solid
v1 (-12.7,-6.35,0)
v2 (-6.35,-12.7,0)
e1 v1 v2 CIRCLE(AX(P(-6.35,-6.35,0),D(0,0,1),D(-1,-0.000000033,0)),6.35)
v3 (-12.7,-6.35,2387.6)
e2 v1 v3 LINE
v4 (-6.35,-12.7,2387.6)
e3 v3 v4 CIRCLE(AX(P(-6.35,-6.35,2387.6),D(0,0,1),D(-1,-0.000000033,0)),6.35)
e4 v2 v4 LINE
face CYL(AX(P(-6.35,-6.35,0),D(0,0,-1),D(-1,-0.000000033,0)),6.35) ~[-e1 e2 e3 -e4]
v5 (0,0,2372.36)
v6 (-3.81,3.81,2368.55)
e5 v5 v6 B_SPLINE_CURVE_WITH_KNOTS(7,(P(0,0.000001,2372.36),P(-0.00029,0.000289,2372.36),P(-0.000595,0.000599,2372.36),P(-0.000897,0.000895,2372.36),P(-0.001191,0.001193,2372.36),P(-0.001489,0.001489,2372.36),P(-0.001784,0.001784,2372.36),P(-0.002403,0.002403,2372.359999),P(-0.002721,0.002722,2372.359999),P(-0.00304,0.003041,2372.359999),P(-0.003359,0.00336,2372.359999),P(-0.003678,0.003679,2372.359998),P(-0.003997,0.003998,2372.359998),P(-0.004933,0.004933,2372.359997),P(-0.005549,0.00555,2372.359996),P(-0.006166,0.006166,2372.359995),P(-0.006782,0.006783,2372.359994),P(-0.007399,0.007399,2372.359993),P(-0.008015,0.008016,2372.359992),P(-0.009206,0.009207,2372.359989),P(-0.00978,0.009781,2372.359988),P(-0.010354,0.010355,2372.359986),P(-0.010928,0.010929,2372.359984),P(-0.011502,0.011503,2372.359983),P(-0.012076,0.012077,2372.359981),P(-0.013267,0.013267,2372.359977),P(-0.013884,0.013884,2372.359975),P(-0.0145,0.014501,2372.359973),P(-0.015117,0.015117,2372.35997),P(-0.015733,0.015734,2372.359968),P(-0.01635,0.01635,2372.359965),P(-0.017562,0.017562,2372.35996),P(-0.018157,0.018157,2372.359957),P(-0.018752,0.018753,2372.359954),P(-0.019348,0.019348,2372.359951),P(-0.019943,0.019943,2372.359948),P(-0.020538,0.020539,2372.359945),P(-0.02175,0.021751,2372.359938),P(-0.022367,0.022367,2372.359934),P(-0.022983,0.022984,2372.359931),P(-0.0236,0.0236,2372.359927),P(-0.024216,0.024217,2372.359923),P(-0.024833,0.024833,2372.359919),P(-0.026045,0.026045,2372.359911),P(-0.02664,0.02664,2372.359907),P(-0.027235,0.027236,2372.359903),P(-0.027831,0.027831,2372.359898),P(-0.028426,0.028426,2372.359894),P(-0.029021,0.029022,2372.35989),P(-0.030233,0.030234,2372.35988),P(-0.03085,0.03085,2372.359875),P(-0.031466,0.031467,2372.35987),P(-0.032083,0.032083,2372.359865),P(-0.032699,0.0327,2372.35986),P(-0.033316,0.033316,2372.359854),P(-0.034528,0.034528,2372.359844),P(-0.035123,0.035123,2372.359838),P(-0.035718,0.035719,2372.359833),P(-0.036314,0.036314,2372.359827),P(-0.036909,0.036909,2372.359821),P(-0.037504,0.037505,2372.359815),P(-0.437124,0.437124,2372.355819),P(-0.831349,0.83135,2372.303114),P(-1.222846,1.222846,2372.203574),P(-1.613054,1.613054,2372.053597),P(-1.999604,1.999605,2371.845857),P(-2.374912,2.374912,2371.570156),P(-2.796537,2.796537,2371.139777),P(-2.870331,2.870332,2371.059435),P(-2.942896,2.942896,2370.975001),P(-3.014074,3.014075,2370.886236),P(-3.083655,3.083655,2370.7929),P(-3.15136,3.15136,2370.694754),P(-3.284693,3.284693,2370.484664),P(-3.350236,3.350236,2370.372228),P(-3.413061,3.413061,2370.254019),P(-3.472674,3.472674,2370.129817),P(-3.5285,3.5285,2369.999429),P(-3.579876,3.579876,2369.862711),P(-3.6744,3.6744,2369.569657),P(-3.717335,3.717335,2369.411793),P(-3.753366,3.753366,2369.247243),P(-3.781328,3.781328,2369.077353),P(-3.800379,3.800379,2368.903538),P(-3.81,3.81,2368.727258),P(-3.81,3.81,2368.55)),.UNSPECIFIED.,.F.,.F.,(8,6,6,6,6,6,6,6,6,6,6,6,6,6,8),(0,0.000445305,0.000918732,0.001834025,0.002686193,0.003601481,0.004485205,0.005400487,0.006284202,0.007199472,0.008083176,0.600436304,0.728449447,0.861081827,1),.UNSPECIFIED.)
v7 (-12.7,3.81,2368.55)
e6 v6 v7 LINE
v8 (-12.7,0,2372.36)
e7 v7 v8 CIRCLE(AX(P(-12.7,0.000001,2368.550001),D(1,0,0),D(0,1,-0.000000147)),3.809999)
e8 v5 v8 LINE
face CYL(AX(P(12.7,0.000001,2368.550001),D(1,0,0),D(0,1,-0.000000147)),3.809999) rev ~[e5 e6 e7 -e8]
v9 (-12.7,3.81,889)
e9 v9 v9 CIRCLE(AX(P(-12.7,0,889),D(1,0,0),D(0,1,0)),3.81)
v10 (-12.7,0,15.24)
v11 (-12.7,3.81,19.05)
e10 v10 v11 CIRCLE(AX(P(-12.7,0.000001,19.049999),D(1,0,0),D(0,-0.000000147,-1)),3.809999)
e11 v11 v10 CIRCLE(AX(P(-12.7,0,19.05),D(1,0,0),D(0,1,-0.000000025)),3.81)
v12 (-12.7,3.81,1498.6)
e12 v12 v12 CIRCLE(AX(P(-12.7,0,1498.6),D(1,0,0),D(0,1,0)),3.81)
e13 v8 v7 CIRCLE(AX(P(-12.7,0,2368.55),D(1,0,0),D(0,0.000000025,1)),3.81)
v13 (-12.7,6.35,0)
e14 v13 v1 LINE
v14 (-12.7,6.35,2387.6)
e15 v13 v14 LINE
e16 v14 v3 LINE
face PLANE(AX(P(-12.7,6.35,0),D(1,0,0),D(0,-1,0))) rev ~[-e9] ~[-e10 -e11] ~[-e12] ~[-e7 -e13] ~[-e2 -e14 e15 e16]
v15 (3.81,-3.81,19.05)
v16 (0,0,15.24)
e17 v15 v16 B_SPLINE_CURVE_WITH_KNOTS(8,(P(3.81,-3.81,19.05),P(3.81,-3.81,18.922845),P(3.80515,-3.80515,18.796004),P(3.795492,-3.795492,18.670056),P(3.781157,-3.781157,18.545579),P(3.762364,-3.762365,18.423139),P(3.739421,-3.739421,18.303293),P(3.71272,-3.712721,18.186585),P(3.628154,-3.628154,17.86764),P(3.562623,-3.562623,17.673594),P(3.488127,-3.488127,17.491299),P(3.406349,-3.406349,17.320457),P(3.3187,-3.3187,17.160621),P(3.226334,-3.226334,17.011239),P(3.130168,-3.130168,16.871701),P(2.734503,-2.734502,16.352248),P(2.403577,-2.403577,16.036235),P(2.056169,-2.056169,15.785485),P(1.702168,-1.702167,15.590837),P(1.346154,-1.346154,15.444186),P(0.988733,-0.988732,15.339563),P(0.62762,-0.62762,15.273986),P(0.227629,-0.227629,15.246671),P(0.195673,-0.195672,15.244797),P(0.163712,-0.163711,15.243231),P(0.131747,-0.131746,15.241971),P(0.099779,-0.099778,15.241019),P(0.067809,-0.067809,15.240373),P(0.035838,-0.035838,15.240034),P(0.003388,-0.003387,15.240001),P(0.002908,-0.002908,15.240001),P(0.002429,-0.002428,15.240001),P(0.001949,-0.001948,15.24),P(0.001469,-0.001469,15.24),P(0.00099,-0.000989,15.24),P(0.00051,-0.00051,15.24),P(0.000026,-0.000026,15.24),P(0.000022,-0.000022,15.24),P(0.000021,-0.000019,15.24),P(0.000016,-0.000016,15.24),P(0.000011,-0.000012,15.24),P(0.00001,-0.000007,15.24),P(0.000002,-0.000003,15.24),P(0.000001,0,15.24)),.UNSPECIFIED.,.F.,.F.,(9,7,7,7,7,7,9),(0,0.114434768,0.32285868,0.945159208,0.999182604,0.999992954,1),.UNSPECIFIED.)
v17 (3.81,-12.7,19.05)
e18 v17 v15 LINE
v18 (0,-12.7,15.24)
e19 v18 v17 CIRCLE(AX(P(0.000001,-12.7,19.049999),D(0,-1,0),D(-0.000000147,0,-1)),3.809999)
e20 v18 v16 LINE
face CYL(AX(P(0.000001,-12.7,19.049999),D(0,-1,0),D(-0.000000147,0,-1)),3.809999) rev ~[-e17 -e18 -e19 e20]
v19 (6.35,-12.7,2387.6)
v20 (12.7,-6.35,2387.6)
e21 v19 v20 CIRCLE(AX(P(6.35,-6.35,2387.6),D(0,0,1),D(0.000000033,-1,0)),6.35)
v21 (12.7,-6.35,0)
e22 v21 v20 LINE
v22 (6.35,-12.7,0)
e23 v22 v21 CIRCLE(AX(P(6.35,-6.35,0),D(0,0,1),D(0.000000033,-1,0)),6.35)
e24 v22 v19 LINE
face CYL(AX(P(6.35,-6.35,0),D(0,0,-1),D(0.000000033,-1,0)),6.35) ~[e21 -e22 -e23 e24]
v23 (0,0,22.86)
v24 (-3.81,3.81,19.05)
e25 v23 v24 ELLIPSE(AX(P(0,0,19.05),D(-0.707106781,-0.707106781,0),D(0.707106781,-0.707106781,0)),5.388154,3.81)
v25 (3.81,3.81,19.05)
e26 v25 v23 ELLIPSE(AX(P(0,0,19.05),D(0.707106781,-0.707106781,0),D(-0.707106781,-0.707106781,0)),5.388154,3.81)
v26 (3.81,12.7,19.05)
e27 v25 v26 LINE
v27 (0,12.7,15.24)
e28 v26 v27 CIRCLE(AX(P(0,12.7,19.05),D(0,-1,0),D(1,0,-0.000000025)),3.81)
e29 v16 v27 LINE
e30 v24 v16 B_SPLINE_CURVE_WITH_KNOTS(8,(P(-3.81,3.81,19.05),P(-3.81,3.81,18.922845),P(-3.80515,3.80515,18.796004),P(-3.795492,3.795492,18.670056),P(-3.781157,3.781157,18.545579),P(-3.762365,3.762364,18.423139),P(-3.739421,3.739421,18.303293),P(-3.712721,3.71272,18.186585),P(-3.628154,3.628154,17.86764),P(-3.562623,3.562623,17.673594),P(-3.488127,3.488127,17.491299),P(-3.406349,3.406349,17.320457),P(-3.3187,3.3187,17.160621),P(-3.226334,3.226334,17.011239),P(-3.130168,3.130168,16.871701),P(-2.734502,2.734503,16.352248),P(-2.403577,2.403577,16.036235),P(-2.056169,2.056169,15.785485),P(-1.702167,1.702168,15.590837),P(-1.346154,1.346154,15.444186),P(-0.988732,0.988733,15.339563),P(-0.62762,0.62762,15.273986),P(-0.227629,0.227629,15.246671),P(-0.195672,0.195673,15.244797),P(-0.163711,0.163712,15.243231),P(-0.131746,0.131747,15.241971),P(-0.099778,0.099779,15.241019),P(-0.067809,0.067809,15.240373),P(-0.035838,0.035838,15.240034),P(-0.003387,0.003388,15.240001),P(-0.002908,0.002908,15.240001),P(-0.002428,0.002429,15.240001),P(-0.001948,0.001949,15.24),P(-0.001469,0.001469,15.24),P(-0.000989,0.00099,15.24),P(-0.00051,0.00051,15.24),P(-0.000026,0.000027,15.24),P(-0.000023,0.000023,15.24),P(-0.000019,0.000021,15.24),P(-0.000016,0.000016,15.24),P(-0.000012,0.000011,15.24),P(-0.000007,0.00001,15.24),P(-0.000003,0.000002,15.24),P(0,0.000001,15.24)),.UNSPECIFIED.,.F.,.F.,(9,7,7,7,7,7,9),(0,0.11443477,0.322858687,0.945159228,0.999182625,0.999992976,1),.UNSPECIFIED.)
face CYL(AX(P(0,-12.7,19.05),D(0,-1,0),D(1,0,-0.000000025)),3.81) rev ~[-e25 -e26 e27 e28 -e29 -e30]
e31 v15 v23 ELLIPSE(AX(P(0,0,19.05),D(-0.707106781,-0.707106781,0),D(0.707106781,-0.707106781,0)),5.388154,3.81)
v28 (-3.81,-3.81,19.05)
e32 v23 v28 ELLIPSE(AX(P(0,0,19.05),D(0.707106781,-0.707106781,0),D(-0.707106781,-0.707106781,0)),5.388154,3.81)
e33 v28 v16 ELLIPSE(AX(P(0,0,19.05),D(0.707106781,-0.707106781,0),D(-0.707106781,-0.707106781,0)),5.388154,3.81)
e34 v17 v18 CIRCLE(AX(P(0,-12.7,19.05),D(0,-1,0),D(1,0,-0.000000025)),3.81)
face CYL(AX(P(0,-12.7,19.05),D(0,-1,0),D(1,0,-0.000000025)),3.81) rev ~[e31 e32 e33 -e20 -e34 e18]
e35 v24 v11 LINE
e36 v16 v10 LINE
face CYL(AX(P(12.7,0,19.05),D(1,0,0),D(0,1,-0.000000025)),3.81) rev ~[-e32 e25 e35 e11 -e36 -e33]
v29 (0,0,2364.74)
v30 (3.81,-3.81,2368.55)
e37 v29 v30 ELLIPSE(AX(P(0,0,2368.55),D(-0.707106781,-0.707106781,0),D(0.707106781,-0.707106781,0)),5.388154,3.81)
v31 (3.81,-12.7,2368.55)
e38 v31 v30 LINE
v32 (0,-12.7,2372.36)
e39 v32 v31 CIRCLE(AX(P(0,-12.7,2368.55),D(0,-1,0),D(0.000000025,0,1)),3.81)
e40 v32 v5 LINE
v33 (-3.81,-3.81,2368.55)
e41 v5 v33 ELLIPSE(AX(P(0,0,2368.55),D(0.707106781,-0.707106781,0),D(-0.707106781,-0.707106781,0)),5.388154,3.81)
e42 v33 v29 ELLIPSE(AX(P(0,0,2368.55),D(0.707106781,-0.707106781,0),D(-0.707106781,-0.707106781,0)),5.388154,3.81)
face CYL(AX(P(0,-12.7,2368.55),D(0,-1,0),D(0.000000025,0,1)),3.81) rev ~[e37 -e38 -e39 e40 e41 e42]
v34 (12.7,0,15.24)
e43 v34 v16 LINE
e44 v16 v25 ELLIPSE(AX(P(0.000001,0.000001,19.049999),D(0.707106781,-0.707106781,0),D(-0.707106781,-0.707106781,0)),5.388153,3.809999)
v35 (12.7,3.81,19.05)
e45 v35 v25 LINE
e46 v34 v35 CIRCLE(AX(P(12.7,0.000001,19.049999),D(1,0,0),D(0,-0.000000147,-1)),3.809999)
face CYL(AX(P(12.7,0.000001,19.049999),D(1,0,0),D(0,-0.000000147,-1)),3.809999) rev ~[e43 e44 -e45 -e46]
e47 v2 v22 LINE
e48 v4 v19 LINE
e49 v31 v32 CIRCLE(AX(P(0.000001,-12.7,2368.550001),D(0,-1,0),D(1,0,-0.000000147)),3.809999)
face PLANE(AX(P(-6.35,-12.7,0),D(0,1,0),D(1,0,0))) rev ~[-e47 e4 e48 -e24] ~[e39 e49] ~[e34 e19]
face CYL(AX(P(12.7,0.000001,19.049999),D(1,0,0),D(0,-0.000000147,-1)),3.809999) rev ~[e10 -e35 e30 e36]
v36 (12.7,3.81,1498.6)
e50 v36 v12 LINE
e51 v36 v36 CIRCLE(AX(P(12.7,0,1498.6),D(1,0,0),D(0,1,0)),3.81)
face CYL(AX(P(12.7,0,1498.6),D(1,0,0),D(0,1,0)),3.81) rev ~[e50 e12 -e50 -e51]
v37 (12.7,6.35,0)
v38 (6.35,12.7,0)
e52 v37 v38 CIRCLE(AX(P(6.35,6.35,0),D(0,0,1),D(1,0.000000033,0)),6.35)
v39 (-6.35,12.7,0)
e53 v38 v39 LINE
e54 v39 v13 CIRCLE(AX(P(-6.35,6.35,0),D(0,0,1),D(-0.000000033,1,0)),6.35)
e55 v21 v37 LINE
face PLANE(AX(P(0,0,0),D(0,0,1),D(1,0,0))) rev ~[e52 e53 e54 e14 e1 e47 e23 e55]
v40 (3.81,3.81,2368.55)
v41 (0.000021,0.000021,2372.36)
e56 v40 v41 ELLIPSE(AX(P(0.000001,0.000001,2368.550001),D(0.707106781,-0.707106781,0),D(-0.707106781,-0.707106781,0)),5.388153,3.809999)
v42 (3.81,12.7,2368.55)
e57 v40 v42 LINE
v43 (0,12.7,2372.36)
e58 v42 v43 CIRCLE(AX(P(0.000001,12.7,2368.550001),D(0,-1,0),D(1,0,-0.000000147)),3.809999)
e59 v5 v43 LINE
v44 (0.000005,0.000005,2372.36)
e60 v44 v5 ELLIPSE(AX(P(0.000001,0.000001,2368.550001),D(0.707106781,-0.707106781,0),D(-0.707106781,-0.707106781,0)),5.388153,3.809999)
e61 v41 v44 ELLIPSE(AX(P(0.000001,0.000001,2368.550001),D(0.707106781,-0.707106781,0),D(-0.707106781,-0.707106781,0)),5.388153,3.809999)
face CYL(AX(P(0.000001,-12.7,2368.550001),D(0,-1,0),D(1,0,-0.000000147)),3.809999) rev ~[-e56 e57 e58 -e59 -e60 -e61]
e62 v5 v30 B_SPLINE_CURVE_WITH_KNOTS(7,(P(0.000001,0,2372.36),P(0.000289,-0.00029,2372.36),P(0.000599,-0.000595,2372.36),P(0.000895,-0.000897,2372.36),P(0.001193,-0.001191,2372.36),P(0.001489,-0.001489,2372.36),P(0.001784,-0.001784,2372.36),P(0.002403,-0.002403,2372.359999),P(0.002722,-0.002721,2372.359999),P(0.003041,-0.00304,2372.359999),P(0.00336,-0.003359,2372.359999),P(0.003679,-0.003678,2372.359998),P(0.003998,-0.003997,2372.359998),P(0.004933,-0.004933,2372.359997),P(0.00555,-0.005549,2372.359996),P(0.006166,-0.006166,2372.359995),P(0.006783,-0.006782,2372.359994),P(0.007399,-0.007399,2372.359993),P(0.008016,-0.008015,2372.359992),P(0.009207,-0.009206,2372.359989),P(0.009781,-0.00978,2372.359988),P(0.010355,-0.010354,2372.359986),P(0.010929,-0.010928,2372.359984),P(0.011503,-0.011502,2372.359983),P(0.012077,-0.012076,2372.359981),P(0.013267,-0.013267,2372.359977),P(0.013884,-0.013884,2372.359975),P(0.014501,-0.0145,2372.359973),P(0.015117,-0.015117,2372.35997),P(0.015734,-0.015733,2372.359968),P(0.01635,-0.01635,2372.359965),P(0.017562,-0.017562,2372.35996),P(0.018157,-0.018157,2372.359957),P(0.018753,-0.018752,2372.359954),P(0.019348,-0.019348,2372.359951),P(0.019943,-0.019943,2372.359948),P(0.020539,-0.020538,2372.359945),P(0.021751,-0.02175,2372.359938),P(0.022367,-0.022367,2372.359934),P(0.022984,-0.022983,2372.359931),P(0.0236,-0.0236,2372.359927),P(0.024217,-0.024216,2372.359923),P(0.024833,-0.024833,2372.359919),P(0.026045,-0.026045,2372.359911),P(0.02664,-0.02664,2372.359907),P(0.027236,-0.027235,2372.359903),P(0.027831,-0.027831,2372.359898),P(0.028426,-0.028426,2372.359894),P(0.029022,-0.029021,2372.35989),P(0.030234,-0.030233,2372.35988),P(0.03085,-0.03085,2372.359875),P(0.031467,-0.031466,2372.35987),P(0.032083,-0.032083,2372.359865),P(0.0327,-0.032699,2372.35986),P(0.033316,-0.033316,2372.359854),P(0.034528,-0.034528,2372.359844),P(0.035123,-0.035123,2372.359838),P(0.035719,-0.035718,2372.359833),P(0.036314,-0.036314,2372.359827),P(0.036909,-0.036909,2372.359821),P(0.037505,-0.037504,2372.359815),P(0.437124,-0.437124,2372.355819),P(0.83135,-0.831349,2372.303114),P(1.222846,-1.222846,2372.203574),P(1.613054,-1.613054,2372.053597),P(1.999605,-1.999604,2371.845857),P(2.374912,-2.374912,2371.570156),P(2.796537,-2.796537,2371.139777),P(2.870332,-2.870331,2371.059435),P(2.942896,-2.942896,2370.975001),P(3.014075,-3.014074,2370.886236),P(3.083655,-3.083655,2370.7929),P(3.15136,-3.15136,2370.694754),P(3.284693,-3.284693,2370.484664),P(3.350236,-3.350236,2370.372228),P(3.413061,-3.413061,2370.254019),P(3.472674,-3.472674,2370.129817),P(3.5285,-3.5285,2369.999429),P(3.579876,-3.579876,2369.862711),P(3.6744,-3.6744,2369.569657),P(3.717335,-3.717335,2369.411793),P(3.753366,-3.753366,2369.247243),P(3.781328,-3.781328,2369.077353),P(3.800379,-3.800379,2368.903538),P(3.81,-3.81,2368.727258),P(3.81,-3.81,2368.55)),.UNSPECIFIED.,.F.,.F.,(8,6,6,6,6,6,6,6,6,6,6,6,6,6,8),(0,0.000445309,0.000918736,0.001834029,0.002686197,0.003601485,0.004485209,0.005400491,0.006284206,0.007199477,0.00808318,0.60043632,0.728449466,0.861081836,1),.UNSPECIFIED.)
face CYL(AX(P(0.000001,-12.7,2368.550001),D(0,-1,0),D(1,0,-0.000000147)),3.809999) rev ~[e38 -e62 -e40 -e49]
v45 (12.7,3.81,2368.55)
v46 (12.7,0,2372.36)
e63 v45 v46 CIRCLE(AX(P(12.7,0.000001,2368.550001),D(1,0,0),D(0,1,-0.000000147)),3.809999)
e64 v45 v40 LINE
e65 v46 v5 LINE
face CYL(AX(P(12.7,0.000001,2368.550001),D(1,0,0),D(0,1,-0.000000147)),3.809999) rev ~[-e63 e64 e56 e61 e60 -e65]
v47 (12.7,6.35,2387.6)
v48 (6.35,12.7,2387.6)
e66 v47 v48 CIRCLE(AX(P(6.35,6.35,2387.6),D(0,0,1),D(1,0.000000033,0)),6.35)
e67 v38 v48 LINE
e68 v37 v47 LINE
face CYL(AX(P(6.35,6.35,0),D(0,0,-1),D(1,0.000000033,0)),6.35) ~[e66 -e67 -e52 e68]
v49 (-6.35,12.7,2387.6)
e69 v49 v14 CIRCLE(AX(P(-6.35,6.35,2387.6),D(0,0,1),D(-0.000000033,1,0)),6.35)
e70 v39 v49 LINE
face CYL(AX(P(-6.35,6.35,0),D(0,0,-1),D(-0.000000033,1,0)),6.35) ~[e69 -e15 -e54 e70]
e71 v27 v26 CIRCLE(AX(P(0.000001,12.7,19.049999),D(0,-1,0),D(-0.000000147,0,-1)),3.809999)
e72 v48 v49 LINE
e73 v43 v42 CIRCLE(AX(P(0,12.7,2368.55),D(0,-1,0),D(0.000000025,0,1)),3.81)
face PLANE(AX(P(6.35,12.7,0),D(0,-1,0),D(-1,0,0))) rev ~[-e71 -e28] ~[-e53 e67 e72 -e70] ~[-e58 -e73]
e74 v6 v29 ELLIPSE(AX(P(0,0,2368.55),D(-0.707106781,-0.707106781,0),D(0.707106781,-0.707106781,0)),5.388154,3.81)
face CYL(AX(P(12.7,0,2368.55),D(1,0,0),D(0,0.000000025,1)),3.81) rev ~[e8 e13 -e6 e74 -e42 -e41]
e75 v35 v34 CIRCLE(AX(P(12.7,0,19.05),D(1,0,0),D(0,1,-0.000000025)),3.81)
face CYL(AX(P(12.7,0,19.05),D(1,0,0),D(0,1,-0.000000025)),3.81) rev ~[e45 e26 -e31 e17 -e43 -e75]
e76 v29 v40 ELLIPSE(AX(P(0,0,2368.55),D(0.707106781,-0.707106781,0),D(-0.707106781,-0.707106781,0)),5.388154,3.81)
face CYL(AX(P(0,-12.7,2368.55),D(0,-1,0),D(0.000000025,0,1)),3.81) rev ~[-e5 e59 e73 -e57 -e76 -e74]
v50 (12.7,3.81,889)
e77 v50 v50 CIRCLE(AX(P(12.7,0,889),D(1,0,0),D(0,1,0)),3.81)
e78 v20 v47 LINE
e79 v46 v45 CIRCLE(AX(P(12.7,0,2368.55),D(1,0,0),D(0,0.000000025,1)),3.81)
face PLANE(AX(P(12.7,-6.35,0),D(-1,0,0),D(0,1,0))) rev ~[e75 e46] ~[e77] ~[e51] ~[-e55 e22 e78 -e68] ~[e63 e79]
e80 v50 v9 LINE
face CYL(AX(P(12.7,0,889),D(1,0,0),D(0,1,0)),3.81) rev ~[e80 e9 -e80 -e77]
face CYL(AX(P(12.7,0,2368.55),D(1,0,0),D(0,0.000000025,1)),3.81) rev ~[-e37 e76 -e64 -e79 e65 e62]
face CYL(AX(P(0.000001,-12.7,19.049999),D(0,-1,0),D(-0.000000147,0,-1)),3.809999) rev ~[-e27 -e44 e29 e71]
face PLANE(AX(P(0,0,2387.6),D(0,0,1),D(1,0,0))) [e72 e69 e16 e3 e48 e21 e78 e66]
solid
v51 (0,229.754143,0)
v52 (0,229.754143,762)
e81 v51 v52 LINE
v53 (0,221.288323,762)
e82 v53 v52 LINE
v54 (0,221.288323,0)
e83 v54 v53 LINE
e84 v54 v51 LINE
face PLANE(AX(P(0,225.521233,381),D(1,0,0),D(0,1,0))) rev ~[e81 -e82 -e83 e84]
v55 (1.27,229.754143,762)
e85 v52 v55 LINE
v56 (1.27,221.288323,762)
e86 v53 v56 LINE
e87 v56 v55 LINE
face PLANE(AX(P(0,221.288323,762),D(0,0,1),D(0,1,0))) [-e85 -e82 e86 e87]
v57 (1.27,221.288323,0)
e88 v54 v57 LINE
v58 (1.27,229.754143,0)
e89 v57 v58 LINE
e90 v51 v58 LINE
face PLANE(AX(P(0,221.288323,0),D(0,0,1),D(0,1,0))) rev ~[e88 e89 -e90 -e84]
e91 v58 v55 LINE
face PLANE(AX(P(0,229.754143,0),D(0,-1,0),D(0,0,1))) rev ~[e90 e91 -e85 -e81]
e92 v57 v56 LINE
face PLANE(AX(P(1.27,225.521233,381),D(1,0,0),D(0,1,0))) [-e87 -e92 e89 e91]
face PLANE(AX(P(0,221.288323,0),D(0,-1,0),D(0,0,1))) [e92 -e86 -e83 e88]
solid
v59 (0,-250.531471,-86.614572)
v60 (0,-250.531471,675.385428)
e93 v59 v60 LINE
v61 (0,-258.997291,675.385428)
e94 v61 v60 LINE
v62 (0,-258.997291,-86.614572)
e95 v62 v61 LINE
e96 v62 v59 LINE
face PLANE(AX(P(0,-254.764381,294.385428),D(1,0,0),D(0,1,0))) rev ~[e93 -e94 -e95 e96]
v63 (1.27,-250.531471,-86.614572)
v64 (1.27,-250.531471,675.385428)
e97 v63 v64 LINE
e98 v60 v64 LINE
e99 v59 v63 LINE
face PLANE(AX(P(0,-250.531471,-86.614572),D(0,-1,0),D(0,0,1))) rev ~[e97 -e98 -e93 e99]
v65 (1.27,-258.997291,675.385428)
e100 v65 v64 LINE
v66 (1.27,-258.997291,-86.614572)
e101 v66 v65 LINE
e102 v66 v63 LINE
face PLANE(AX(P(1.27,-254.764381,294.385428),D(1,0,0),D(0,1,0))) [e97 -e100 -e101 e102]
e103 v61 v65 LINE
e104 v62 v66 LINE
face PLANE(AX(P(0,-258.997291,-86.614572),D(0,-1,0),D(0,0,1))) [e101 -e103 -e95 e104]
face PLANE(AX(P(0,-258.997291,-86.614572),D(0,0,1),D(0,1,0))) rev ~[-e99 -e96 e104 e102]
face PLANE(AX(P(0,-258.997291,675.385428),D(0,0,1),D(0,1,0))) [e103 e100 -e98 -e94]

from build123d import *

# Parameters (mm, degrees)
F1_DEPTH  = 2387.6
F2_W      = 8.46582
F2_H      = 762
F3_DEPTH  = 1.27
F4_W      = 8.46582
F4_H      = 762
F5_DEPTH  = 1.27
F7_DEPTH  = 25.4
F8_DEPTH  = 25.4
F10_DEPTH = 25.4
F11_R     = 3.81
F12_DEPTH = 25.4


with BuildPart() as f1:
    # F0 (on Top) → F1 (new body)
    with BuildSketch(Plane.XY):
        with BuildLine():
            ThreePointArc((12.7, 6.35), (10.840128, 10.840128), (6.35, 12.7))
            Line((6.35, 12.7), (-6.35, 12.7))
            ThreePointArc((-6.35, 12.7), (-10.840128, 10.840128), (-12.7, 6.35))
            Line((-12.7, 6.35), (-12.7, -6.35))
            ThreePointArc((-12.7, -6.35), (-10.840128, -10.840128), (-6.35, -12.7))
            Line((-6.35, -12.7), (6.35, -12.7))
            ThreePointArc((6.35, -12.7), (10.840128, -10.840128), (12.7, -6.35))
            Line((12.7, -6.35), (12.7, 6.35))
        make_face()
    extrude(amount=F1_DEPTH)

    # F6 (on face) → F7 (cut)
    with BuildSketch(Plane.XZ.offset(12.7)):
        with BuildLine():
            ThreePointArc((3.81, 2368.55), (2.694077, 2371.244077), (0, 2372.36))
            ThreePointArc((0, 2372.36), (-2.694077, 2365.855923), (3.81, 2368.55))
        make_face()
    extrude(amount=-F7_DEPTH, mode=Mode.SUBTRACT)

    # F6 (on face) → F8 (cut)
    with BuildSketch(Plane.XZ.offset(12.7)):
        with BuildLine():
            ThreePointArc((0, 2372.36), (-2.694077, 2365.855923), (3.81, 2368.55))
            ThreePointArc((3.81, 2368.55), (2.694077, 2371.244077), (0, 2372.36))
        make_face()
        with BuildLine():
            ThreePointArc((0, 15.24), (2.694077, 16.355923), (3.81, 19.05))
            ThreePointArc((3.81, 19.05), (-2.694077, 21.744077), (0, 15.24))
        make_face()
    extrude(amount=-F8_DEPTH, mode=Mode.SUBTRACT)

    # F9 (on face) → F10 (cut)
    with BuildSketch(Plane.YZ.offset(12.7)):
        with BuildLine():
            ThreePointArc((3.81, 2368.55), (2.694077, 2371.244077), (0, 2372.36))
            ThreePointArc((0, 2372.36), (-2.694077, 2365.855923), (3.81, 2368.55))
        make_face()
        with BuildLine():
            ThreePointArc((3.81, 19.05), (-2.694077, 21.744077), (0, 15.24))
            ThreePointArc((0, 15.24), (2.694077, 16.355923), (3.81, 19.05))
        make_face()
    extrude(amount=-F10_DEPTH, mode=Mode.SUBTRACT)

    # F11 (on face) → F12 (cut)
    with BuildSketch(Plane.YZ.offset(12.7)):
        with Locations((0, 889)):
            Circle(F11_R)
        with Locations((0, 1498.6)):
            Circle(F11_R)
    extrude(amount=-F12_DEPTH, mode=Mode.SUBTRACT)


with BuildPart() as f3:
    # F2 (on Right) → F3 (new body)
    with BuildSketch(Plane.YZ):
        with Locations((-254.764381, 294.385428)):
            Rectangle(F2_W, F2_H)
    extrude(amount=F3_DEPTH)


with BuildPart() as f5:
    # F4 (on Right) → F5 (new body)
    with BuildSketch(Plane.YZ):
        with Locations((225.521233, 381)):
            Rectangle(F4_W, F4_H)
    extrude(amount=F5_DEPTH)


solid = Compound([f1.part, f3.part, f5.part])
